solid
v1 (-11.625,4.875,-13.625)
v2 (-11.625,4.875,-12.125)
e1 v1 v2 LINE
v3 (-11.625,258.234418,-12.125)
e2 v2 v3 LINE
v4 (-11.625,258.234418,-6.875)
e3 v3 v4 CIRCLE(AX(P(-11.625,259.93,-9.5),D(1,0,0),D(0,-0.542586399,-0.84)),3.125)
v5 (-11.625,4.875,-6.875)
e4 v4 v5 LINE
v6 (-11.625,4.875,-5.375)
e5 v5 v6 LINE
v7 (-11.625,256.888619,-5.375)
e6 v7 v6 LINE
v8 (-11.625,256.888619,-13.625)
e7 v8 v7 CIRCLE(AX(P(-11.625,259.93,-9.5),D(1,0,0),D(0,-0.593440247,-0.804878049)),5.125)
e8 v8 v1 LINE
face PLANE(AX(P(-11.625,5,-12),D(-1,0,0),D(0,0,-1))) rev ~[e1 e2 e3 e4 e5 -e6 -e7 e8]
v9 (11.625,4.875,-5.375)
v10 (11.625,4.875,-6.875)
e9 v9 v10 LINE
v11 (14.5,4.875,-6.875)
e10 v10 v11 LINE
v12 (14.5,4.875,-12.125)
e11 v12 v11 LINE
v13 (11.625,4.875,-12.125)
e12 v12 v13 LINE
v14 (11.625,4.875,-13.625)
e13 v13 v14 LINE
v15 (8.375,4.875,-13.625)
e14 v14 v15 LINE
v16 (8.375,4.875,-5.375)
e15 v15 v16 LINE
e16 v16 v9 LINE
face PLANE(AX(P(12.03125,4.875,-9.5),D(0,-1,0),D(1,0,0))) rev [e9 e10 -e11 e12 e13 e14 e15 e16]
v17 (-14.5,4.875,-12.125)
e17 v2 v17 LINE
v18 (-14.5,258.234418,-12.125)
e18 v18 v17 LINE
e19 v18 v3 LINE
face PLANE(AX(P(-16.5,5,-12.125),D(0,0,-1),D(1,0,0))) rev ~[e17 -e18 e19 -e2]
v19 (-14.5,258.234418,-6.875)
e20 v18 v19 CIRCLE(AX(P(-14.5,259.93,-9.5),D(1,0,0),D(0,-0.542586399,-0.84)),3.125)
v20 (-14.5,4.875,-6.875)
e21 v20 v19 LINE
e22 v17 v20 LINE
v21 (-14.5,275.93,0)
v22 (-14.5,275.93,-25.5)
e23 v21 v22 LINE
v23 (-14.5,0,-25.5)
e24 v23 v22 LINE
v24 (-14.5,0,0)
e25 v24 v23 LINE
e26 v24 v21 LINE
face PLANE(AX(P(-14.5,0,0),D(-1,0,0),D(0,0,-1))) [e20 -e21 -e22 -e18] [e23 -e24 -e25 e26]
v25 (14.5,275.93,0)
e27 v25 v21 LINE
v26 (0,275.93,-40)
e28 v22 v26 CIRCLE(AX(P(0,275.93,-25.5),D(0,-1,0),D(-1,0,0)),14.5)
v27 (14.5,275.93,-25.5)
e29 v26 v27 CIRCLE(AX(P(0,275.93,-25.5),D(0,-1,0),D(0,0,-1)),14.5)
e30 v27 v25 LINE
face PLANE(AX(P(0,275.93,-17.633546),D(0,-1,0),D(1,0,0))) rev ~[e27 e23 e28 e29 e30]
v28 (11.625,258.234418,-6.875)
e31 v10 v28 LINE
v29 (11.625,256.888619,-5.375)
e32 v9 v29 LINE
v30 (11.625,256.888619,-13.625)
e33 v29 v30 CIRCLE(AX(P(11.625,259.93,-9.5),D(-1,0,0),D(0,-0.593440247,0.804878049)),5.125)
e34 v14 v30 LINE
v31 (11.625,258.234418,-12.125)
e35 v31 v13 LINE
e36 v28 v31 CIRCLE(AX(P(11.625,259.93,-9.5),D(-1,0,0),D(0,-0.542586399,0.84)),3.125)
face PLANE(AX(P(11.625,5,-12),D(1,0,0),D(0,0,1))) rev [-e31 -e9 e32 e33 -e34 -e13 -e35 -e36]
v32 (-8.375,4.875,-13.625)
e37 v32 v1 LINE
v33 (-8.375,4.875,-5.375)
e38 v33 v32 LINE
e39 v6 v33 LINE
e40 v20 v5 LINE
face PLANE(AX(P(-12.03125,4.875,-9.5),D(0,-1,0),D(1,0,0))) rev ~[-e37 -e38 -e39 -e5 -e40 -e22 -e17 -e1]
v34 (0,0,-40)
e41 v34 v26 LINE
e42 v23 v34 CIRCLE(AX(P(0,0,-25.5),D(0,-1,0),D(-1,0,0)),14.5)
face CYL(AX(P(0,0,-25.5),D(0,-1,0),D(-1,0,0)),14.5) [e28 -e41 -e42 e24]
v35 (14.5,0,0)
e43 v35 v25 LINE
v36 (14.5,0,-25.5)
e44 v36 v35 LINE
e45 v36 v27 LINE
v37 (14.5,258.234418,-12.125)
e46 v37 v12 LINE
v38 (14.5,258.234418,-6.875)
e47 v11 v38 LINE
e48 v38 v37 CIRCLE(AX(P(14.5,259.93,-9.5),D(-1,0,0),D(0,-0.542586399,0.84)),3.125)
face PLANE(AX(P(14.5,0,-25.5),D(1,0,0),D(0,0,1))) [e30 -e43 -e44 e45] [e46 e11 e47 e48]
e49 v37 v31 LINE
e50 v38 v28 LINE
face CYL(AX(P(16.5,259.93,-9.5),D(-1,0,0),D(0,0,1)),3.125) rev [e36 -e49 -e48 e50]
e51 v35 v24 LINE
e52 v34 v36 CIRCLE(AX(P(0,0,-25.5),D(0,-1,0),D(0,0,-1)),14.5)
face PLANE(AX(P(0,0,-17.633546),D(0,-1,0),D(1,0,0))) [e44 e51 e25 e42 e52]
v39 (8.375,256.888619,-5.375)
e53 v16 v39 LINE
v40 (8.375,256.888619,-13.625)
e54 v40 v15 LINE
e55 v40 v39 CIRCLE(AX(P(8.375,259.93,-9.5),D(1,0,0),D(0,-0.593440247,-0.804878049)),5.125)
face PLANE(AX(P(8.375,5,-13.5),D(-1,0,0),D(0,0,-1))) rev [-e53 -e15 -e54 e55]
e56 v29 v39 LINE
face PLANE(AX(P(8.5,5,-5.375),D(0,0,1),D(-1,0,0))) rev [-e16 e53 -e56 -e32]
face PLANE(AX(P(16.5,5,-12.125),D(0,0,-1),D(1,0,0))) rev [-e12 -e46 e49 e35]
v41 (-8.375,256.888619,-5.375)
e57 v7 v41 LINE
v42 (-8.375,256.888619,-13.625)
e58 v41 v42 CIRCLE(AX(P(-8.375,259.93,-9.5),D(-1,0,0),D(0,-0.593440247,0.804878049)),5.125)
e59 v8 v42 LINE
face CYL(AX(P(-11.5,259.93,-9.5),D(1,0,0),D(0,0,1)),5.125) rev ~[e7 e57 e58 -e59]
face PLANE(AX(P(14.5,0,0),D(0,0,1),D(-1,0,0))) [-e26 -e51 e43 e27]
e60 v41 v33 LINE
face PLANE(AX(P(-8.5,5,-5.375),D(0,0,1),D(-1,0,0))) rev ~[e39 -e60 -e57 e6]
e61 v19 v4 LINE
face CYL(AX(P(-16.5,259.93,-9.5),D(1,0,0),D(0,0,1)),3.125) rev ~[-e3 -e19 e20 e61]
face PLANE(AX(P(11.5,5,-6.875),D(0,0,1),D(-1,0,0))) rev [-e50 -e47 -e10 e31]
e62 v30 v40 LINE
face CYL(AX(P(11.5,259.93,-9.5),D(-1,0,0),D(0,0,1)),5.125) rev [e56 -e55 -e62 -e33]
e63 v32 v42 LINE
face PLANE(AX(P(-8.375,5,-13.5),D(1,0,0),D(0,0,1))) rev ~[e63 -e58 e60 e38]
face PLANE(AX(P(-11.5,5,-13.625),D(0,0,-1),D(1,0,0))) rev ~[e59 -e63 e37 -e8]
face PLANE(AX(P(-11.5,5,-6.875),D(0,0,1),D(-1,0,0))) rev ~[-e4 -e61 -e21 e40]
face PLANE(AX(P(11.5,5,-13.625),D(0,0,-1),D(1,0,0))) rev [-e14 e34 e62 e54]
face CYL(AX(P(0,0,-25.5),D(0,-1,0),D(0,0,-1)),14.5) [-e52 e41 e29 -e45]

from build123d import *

# Parameters (mm, degrees)
F1_DEPTH  = 275.93
F3_DEPTH  = 255.93
F9_OFFSET = 0.125


with BuildPart() as f1:
    # F0 (on Front) → F1 (new body)
    with BuildSketch(Plane.XZ):
        with BuildLine():
            Line((-14.5, 0), (-14.5, -25.5))
            ThreePointArc((-14.5, -25.5), (-10.2530483272, -35.7530483272), (0, -40))
            ThreePointArc((0, -40), (10.2530483272, -35.7530483272), (14.5, -25.5))
            Line((14.5, -25.5), (14.5, 0))
            Line((14.5, 0), (-14.5, 0))
        make_face()
    extrude(amount=-F1_DEPTH)


with BuildPart() as f3:
    # F2 (on Front) → F3 (new body)
    with BuildSketch(Plane.XZ):
        Polygon((0, -4.5), (0, 3.5), (-3, 3.5), (-3, 2), (-8, 2), (-8, -3), (-3, -3), (-3, -4.5), align=None)
    extrude(amount=-F3_DEPTH)


with BuildPart() as f3_1:
    # F4: moved
    add(f3.part.moved(Location((-8.5, 5, -9))))


with BuildPart() as f6:
    # F5 (on Front) → F6 (revolve)
    with BuildSketch(Plane.XZ):
        Polygon((3, 5), (0, 5), (0, 0), (3, 0), (8, 0), (8, 3), (3, 3), align=None)
    revolve(axis=Axis((1.5, 0, 0), (1, 0, 0)))


with BuildPart() as f6_1:
    # F7: moved
    add(f6.part.moved(Location((8.5, 259.93, -9.5))))


with BuildPart() as f8_1:
    # F8: instance of F3
    add(f3_1.part.mirror(Plane.YZ))


with BuildPart() as f8_2:
    # F8: instance of F6
    add(f6_1.part.mirror(Plane.YZ))


with BuildPart() as f1_1:
    add(f1.part)

    # F9: cut F8_1, F3, F6, F8_2, each made larger all round first
    f9_tool = offset(f8_1.part, amount=F9_OFFSET, kind=Kind.INTERSECTION, mode=Mode.PRIVATE)
    add(f9_tool, mode=Mode.SUBTRACT)
    f9_tool1 = offset(f3_1.part, amount=F9_OFFSET, kind=Kind.INTERSECTION, mode=Mode.PRIVATE)
    add(f9_tool1, mode=Mode.SUBTRACT)
    f9_tool2 = offset(f6_1.part, amount=F9_OFFSET, kind=Kind.INTERSECTION, mode=Mode.PRIVATE)
    add(f9_tool2, mode=Mode.SUBTRACT)
    f9_tool3 = offset(f8_2.part, amount=F9_OFFSET, kind=Kind.INTERSECTION, mode=Mode.PRIVATE)
    add(f9_tool3, mode=Mode.SUBTRACT)


solid = f1_1.part
